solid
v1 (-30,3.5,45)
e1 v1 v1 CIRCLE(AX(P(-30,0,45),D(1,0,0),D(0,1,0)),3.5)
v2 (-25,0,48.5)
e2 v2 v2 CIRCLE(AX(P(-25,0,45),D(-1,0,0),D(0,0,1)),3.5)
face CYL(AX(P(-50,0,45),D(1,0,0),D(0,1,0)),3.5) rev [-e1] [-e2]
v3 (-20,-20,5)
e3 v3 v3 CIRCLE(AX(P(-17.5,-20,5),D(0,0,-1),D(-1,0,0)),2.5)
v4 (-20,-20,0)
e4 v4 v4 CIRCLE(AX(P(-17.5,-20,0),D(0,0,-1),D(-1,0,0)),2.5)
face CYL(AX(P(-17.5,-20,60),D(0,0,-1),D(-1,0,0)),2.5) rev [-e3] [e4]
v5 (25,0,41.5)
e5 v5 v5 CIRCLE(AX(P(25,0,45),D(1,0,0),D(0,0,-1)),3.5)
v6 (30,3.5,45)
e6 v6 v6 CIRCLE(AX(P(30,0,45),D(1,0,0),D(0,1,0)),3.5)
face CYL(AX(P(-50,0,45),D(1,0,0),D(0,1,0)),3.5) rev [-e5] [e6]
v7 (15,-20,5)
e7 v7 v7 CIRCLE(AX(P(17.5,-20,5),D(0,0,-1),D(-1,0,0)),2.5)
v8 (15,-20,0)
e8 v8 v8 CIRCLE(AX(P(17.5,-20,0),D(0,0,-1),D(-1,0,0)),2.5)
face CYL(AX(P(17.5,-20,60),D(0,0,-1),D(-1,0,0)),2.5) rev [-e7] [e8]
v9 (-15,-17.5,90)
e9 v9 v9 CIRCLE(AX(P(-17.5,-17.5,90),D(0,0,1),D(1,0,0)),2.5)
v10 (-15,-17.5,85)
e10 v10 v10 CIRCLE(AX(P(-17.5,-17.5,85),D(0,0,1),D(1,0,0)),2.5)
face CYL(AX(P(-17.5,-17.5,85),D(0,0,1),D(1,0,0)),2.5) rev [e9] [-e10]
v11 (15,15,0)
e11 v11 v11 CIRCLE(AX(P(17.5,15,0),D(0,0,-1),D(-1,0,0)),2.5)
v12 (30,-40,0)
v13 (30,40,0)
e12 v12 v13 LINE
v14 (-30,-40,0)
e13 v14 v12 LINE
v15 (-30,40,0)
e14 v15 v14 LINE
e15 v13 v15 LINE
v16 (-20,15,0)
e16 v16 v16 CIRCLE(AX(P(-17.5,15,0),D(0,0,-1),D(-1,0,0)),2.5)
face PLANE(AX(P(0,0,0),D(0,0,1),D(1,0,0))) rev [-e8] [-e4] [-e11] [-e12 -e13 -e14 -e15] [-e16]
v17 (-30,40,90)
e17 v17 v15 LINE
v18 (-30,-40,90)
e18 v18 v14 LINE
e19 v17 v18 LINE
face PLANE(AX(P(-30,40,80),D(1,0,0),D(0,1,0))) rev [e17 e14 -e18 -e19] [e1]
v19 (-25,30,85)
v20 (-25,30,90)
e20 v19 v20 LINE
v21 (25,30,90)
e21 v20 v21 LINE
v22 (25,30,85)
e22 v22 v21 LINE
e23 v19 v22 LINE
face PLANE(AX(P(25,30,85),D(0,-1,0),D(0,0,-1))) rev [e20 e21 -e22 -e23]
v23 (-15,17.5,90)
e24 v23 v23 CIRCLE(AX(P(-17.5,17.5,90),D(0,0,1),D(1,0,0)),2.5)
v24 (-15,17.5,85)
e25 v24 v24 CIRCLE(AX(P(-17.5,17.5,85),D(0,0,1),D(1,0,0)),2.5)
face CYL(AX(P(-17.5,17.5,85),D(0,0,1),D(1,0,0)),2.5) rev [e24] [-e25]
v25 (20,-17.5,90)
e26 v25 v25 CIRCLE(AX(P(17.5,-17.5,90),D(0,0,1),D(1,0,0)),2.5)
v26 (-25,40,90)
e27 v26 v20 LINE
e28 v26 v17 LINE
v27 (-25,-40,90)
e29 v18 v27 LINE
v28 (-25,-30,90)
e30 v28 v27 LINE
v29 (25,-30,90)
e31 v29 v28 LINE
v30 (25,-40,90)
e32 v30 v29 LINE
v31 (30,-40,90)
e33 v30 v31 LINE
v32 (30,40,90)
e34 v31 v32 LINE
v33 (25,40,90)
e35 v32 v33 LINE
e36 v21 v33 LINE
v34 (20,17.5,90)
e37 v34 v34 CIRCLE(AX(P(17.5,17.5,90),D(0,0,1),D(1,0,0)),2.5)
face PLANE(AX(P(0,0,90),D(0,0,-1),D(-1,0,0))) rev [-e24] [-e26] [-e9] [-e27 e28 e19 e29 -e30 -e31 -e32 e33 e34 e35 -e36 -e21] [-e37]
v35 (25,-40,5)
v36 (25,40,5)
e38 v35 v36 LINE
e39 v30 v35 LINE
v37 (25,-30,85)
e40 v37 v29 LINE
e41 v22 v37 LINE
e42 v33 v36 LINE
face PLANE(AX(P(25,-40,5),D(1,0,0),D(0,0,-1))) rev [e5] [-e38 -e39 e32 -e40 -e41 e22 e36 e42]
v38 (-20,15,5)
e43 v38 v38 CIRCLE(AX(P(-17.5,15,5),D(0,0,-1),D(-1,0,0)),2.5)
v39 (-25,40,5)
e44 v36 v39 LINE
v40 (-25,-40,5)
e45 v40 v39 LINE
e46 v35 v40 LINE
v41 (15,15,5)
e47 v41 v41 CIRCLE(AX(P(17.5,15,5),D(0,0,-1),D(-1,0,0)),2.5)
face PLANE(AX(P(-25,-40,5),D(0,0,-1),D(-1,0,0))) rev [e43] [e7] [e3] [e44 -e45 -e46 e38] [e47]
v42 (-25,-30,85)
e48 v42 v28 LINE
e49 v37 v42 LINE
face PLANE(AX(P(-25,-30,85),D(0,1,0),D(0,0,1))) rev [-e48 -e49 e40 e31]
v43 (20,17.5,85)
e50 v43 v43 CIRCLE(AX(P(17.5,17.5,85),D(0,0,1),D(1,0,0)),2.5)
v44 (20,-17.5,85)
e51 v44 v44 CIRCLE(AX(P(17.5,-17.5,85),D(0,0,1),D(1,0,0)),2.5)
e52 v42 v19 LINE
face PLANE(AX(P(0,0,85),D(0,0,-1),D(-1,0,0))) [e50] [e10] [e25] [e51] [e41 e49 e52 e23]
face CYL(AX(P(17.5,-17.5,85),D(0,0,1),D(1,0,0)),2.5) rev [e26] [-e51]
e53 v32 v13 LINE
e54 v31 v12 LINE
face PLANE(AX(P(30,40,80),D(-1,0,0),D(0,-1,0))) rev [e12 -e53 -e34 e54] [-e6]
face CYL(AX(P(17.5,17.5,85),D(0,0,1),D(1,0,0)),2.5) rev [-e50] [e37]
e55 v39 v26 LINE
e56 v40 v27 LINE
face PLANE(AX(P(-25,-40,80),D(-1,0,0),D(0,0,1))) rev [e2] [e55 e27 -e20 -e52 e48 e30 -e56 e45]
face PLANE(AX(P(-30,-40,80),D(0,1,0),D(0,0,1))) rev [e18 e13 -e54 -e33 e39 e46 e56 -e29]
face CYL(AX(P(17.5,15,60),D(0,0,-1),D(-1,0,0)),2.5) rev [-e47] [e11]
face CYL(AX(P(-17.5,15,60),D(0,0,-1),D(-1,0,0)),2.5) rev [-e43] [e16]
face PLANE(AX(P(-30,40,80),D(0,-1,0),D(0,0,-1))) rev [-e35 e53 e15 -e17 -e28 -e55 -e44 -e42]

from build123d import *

# Parameters (mm, degrees)
SKETCH1_W           = 60
SKETCH1_H           = 80
BOSS_EXTRUDE1_DEPTH = 80
SKETCH2_W           = 50
SKETCH2_H           = 75
CUT_EXTRUDE1_DEPTH  = 80
SKETCH3_R           = 2.5
CUT_EXTRUDE2_DEPTH  = 60
SKETCH4_R           = 3.5
CUT_EXTRUDE3_DEPTH  = 80
SKETCH5_W           = 5
SKETCH5_H           = 80
BOSS_EXTRUDE2_DEPTH = 5
SKETCH6_W           = 60
SKETCH6_H           = 80
BOSS_EXTRUDE3_DEPTH = 5
SKETCH7_R           = 2.5
CUT_EXTRUDE4_DEPTH  = 5
SKETCH8_W           = 50
SKETCH8_H           = 10
CUT_EXTRUDE5_DEPTH  = 5


with BuildPart() as part:
    # Sketch1 → Boss-Extrude1 (new body)
    with BuildSketch(Plane.XY):
        Rectangle(SKETCH1_W, SKETCH1_H)
    extrude(amount=BOSS_EXTRUDE1_DEPTH)

    # Sketch2 → Cut-Extrude1 (cut)
    with BuildSketch(Plane(origin=(0, 40, 0), x_dir=(1, 0, 0), z_dir=(0, 1, 0))):
        with Locations((0, -42.5)):
            Rectangle(SKETCH2_W, SKETCH2_H)
    extrude(amount=-CUT_EXTRUDE1_DEPTH, mode=Mode.SUBTRACT)

    # Sketch3 → Cut-Extrude2 (cut)
    with BuildSketch(Plane(origin=(0, 0, 0), x_dir=(-1, 0, 0), z_dir=(0, 0, -1))):
        with Locations((-17.5, 15)):
            Circle(SKETCH3_R)
        with Locations((17.5, 15)):
            Circle(SKETCH3_R)
        with Locations((-17.5, -20)):
            Circle(SKETCH3_R)
        with Locations((17.5, -20)):
            Circle(SKETCH3_R)
    extrude(amount=-CUT_EXTRUDE2_DEPTH, mode=Mode.SUBTRACT)

    # Sketch4 → Cut-Extrude3 (cut)
    with BuildSketch(Plane(origin=(30, 0, 0), x_dir=(0, 0, -1), z_dir=(1, 0, 0))):
        with Locations((-45, 0)):
            Circle(SKETCH4_R)
    extrude(amount=-CUT_EXTRUDE3_DEPTH, mode=Mode.SUBTRACT)

    # Sketch5 → Boss-Extrude2 (add)
    with BuildSketch(Plane.XY.offset(80)):
        with Locations((-27.5, 0)):
            Rectangle(SKETCH5_W, SKETCH5_H)
        with Locations((27.5, 0)):
            Rectangle(SKETCH5_W, SKETCH5_H)
    extrude(amount=BOSS_EXTRUDE2_DEPTH)

    # Sketch6 → Boss-Extrude3 (add)
    with BuildSketch(Plane.XY.offset(85)):
        Rectangle(SKETCH6_W, SKETCH6_H)
    extrude(amount=BOSS_EXTRUDE3_DEPTH)

    # Sketch7 → Cut-Extrude4 (cut)
    with BuildSketch(Plane.XY.offset(90)):
        with Locations((-17.5, 17.5)):
            Circle(SKETCH7_R)
        with Locations((17.5, 17.5)):
            Circle(SKETCH7_R)
        with Locations((17.5, -17.5)):
            Circle(SKETCH7_R)
        with Locations((-17.5, -17.5)):
            Circle(SKETCH7_R)
    extrude(amount=-CUT_EXTRUDE4_DEPTH, mode=Mode.SUBTRACT)

    # Sketch8 → Cut-Extrude5 (cut)
    with BuildSketch(Plane.XY.offset(90)):
        with Locations((0, 35)):
            Rectangle(SKETCH8_W, SKETCH8_H)
        with Locations((0, -35)):
            Rectangle(SKETCH8_W, SKETCH8_H)
    extrude(amount=-CUT_EXTRUDE5_DEPTH, mode=Mode.SUBTRACT)


solid = part.part
